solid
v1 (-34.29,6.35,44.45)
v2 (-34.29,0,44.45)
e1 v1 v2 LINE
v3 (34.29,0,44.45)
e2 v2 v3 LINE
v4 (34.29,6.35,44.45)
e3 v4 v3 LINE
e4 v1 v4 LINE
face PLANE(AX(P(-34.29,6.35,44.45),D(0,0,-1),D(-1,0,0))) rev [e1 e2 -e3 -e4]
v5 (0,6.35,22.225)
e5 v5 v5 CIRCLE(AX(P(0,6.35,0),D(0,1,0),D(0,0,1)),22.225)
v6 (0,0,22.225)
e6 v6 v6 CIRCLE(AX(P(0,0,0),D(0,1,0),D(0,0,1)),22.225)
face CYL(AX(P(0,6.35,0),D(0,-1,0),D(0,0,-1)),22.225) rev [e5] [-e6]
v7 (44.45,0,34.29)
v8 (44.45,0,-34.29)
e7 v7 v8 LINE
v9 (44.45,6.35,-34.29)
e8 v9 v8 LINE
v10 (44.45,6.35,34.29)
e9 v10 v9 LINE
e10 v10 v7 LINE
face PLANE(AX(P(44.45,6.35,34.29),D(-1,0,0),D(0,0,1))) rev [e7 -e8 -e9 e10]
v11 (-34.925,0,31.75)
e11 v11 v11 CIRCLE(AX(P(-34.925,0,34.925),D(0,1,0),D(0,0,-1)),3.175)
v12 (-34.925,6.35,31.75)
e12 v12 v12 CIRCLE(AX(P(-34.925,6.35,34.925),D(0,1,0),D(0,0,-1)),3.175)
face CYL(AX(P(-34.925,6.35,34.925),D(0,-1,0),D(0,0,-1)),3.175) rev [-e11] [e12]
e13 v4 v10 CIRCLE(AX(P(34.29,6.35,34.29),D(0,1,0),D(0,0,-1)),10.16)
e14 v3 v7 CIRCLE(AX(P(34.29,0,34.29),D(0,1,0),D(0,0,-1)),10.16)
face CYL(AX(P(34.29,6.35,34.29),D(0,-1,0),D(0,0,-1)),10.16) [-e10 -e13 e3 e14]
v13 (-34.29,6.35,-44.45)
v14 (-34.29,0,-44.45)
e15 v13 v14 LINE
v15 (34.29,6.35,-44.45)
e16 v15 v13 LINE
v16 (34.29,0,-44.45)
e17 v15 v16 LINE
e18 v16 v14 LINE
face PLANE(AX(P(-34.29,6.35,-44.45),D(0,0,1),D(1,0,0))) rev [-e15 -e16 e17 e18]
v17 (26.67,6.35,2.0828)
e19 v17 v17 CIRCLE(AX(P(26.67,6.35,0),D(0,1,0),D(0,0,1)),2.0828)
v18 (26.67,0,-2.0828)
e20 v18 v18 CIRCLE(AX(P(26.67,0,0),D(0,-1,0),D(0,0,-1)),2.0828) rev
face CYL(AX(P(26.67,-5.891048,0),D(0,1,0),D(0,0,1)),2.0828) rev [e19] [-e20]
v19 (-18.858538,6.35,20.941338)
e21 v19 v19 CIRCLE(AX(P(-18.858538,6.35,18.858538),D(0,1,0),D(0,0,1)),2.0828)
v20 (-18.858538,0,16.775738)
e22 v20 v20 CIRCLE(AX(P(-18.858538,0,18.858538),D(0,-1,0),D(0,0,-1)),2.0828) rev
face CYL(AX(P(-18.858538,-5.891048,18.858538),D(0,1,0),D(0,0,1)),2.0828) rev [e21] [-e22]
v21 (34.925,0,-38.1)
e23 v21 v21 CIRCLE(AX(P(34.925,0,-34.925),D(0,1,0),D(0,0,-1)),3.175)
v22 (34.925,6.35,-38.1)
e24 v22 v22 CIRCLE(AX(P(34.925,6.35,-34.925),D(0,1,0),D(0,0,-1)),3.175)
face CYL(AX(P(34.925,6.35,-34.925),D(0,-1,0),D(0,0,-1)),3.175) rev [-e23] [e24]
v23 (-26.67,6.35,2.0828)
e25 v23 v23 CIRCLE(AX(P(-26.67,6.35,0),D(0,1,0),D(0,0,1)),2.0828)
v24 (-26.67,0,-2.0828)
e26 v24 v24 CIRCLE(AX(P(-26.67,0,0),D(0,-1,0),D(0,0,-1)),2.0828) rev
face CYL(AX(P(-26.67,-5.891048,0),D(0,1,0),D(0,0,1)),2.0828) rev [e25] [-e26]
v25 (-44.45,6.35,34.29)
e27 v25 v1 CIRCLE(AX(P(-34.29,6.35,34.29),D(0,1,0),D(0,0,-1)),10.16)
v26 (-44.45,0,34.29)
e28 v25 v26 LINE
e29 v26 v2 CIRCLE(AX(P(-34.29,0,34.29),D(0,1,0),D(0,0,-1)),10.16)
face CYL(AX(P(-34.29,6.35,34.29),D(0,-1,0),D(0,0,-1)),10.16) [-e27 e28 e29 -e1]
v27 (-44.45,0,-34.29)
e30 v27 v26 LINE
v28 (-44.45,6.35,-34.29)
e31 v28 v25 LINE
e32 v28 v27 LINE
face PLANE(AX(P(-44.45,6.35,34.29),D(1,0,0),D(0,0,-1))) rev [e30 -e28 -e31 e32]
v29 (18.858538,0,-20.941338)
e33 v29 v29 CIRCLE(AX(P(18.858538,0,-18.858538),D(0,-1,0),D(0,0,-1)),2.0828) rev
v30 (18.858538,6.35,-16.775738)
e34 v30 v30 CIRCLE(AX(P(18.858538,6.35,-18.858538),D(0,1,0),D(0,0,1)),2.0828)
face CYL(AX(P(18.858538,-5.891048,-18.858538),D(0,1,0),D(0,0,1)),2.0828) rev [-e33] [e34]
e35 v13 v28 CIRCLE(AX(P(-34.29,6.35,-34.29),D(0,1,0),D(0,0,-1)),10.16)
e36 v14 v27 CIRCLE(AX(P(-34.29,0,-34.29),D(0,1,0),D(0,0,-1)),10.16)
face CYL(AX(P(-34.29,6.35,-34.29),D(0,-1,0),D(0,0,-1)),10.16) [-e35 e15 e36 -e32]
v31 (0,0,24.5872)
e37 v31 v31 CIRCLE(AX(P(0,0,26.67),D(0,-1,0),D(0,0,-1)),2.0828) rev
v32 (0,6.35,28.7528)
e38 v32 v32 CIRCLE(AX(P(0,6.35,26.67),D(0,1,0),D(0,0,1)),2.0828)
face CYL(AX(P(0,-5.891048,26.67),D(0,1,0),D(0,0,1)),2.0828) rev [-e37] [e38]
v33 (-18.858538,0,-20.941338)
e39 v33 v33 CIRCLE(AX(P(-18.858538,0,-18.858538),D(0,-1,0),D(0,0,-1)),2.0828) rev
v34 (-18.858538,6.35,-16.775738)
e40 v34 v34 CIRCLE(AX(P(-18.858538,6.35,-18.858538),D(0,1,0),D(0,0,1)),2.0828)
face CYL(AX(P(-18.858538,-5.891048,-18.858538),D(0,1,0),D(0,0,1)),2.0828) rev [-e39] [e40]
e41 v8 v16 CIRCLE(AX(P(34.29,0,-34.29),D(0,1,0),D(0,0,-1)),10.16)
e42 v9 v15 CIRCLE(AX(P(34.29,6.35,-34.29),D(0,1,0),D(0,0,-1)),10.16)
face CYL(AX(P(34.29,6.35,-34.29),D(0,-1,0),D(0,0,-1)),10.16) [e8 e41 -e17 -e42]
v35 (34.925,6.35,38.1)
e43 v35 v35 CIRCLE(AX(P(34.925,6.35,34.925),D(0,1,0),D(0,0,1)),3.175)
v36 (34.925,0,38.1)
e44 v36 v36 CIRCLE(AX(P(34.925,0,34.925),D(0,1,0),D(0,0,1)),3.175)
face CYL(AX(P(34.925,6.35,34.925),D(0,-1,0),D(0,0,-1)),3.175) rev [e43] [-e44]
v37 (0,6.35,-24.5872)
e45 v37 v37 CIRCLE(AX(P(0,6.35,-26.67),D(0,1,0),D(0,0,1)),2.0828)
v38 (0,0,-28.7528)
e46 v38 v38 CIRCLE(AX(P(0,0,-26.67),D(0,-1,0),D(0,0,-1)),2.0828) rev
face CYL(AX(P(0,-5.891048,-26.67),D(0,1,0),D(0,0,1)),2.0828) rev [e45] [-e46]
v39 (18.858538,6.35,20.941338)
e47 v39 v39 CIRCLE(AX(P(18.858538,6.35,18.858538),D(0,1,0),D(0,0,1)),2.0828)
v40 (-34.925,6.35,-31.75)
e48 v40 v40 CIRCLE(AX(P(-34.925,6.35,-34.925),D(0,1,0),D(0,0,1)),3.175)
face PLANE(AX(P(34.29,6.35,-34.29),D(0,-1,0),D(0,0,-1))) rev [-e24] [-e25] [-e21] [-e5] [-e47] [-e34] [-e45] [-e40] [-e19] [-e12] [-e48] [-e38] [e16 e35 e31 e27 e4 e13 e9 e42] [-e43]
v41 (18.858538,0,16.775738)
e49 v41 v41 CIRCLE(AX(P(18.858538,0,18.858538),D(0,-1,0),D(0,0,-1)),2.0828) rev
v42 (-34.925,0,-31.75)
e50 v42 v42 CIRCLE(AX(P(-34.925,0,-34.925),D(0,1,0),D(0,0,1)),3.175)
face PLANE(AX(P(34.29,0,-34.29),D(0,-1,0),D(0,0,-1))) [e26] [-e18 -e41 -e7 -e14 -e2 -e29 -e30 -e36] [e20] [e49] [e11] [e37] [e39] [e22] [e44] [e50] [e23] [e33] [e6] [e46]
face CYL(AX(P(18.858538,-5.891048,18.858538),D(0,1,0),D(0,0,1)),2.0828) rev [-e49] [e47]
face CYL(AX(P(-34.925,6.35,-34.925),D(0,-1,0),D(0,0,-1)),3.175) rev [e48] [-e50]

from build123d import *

# Parameters (mm, degrees)
SKETCH2_R           = 22.225
SKETCH2_R_2         = 3.175
BOSS_EXTRUDE1_DEPTH = 6.35
SKETCH3_R           = 2.0828
CUT_EXTRUDE1_DEPTH  = 6.35


with BuildPart() as part:
    # Sketch2 → Boss-Extrude1 (new body)
    with BuildSketch(Plane(origin=(0, 0, 0), x_dir=(1, 0, 0), z_dir=(0, 1, 0))):
        with BuildLine():
            Line((-34.29, -44.45), (34.29, -44.45))
            ThreePointArc((34.29, -44.45), (41.474204897, -41.474204897), (44.45, -34.29))
            Line((44.45, -34.29), (44.45, 34.29))
            ThreePointArc((44.45, 34.29), (41.474204897, 41.474204897), (34.29, 44.45))
            Line((34.29, 44.45), (-34.29, 44.45))
            ThreePointArc((-34.29, 44.45), (-41.474204897, 41.474204897), (-44.45, 34.29))
            Line((-44.45, 34.29), (-44.45, -34.29))
            ThreePointArc((-44.45, -34.29), (-41.474204897, -41.474204897), (-34.29, -44.45))
        make_face()
        with Locations(Location((0, 0, 0), (0, 0, 270))):
            Circle(SKETCH2_R, mode=Mode.SUBTRACT)
        with Locations(Location((-34.925, 34.925, 0), (0, 0, 270))):
            Circle(SKETCH2_R_2, mode=Mode.SUBTRACT)
        with Locations(Location((34.925, 34.925, 0), (0, 0, 90))):
            Circle(SKETCH2_R_2, mode=Mode.SUBTRACT)
        with Locations(Location((34.925, -34.925, 0), (0, 0, 270))):
            Circle(SKETCH2_R_2, mode=Mode.SUBTRACT)
        with Locations(Location((-34.925, -34.925, 0), (0, 0, 90))):
            Circle(SKETCH2_R_2, mode=Mode.SUBTRACT)
    extrude(amount=BOSS_EXTRUDE1_DEPTH)

    # Sketch3 → Cut-Extrude1 (cut)
    with BuildSketch(Plane(origin=(0, 6.35, 0), x_dir=(1, 0, 0), z_dir=(0, 1, 0))):
        with Locations(Location((26.67, 0, 0), (0, 0, 270))):
            Circle(SKETCH3_R)
        with Locations(Location((18.858537854, -18.858537854, 0), (0, 0, 270))):
            Circle(SKETCH3_R)
        with Locations(Location((0, -26.67, 0), (0, 0, 270))):
            Circle(SKETCH3_R)
        with Locations(Location((-18.858537854, -18.858537854, 0), (0, 0, 270))):
            Circle(SKETCH3_R)
        with Locations(Location((-26.67, 0, 0), (0, 0, 270))):
            Circle(SKETCH3_R)
        with Locations(Location((-18.858537854, 18.858537854, 0), (0, 0, 270))):
            Circle(SKETCH3_R)
        with Locations(Location((0, 26.67, 0), (0, 0, 270))):
            Circle(SKETCH3_R)
        with Locations(Location((18.858537854, 18.858537854, 0), (0, 0, 270))):
            Circle(SKETCH3_R)
    extrude(amount=-CUT_EXTRUDE1_DEPTH, mode=Mode.SUBTRACT)


solid = part.part
